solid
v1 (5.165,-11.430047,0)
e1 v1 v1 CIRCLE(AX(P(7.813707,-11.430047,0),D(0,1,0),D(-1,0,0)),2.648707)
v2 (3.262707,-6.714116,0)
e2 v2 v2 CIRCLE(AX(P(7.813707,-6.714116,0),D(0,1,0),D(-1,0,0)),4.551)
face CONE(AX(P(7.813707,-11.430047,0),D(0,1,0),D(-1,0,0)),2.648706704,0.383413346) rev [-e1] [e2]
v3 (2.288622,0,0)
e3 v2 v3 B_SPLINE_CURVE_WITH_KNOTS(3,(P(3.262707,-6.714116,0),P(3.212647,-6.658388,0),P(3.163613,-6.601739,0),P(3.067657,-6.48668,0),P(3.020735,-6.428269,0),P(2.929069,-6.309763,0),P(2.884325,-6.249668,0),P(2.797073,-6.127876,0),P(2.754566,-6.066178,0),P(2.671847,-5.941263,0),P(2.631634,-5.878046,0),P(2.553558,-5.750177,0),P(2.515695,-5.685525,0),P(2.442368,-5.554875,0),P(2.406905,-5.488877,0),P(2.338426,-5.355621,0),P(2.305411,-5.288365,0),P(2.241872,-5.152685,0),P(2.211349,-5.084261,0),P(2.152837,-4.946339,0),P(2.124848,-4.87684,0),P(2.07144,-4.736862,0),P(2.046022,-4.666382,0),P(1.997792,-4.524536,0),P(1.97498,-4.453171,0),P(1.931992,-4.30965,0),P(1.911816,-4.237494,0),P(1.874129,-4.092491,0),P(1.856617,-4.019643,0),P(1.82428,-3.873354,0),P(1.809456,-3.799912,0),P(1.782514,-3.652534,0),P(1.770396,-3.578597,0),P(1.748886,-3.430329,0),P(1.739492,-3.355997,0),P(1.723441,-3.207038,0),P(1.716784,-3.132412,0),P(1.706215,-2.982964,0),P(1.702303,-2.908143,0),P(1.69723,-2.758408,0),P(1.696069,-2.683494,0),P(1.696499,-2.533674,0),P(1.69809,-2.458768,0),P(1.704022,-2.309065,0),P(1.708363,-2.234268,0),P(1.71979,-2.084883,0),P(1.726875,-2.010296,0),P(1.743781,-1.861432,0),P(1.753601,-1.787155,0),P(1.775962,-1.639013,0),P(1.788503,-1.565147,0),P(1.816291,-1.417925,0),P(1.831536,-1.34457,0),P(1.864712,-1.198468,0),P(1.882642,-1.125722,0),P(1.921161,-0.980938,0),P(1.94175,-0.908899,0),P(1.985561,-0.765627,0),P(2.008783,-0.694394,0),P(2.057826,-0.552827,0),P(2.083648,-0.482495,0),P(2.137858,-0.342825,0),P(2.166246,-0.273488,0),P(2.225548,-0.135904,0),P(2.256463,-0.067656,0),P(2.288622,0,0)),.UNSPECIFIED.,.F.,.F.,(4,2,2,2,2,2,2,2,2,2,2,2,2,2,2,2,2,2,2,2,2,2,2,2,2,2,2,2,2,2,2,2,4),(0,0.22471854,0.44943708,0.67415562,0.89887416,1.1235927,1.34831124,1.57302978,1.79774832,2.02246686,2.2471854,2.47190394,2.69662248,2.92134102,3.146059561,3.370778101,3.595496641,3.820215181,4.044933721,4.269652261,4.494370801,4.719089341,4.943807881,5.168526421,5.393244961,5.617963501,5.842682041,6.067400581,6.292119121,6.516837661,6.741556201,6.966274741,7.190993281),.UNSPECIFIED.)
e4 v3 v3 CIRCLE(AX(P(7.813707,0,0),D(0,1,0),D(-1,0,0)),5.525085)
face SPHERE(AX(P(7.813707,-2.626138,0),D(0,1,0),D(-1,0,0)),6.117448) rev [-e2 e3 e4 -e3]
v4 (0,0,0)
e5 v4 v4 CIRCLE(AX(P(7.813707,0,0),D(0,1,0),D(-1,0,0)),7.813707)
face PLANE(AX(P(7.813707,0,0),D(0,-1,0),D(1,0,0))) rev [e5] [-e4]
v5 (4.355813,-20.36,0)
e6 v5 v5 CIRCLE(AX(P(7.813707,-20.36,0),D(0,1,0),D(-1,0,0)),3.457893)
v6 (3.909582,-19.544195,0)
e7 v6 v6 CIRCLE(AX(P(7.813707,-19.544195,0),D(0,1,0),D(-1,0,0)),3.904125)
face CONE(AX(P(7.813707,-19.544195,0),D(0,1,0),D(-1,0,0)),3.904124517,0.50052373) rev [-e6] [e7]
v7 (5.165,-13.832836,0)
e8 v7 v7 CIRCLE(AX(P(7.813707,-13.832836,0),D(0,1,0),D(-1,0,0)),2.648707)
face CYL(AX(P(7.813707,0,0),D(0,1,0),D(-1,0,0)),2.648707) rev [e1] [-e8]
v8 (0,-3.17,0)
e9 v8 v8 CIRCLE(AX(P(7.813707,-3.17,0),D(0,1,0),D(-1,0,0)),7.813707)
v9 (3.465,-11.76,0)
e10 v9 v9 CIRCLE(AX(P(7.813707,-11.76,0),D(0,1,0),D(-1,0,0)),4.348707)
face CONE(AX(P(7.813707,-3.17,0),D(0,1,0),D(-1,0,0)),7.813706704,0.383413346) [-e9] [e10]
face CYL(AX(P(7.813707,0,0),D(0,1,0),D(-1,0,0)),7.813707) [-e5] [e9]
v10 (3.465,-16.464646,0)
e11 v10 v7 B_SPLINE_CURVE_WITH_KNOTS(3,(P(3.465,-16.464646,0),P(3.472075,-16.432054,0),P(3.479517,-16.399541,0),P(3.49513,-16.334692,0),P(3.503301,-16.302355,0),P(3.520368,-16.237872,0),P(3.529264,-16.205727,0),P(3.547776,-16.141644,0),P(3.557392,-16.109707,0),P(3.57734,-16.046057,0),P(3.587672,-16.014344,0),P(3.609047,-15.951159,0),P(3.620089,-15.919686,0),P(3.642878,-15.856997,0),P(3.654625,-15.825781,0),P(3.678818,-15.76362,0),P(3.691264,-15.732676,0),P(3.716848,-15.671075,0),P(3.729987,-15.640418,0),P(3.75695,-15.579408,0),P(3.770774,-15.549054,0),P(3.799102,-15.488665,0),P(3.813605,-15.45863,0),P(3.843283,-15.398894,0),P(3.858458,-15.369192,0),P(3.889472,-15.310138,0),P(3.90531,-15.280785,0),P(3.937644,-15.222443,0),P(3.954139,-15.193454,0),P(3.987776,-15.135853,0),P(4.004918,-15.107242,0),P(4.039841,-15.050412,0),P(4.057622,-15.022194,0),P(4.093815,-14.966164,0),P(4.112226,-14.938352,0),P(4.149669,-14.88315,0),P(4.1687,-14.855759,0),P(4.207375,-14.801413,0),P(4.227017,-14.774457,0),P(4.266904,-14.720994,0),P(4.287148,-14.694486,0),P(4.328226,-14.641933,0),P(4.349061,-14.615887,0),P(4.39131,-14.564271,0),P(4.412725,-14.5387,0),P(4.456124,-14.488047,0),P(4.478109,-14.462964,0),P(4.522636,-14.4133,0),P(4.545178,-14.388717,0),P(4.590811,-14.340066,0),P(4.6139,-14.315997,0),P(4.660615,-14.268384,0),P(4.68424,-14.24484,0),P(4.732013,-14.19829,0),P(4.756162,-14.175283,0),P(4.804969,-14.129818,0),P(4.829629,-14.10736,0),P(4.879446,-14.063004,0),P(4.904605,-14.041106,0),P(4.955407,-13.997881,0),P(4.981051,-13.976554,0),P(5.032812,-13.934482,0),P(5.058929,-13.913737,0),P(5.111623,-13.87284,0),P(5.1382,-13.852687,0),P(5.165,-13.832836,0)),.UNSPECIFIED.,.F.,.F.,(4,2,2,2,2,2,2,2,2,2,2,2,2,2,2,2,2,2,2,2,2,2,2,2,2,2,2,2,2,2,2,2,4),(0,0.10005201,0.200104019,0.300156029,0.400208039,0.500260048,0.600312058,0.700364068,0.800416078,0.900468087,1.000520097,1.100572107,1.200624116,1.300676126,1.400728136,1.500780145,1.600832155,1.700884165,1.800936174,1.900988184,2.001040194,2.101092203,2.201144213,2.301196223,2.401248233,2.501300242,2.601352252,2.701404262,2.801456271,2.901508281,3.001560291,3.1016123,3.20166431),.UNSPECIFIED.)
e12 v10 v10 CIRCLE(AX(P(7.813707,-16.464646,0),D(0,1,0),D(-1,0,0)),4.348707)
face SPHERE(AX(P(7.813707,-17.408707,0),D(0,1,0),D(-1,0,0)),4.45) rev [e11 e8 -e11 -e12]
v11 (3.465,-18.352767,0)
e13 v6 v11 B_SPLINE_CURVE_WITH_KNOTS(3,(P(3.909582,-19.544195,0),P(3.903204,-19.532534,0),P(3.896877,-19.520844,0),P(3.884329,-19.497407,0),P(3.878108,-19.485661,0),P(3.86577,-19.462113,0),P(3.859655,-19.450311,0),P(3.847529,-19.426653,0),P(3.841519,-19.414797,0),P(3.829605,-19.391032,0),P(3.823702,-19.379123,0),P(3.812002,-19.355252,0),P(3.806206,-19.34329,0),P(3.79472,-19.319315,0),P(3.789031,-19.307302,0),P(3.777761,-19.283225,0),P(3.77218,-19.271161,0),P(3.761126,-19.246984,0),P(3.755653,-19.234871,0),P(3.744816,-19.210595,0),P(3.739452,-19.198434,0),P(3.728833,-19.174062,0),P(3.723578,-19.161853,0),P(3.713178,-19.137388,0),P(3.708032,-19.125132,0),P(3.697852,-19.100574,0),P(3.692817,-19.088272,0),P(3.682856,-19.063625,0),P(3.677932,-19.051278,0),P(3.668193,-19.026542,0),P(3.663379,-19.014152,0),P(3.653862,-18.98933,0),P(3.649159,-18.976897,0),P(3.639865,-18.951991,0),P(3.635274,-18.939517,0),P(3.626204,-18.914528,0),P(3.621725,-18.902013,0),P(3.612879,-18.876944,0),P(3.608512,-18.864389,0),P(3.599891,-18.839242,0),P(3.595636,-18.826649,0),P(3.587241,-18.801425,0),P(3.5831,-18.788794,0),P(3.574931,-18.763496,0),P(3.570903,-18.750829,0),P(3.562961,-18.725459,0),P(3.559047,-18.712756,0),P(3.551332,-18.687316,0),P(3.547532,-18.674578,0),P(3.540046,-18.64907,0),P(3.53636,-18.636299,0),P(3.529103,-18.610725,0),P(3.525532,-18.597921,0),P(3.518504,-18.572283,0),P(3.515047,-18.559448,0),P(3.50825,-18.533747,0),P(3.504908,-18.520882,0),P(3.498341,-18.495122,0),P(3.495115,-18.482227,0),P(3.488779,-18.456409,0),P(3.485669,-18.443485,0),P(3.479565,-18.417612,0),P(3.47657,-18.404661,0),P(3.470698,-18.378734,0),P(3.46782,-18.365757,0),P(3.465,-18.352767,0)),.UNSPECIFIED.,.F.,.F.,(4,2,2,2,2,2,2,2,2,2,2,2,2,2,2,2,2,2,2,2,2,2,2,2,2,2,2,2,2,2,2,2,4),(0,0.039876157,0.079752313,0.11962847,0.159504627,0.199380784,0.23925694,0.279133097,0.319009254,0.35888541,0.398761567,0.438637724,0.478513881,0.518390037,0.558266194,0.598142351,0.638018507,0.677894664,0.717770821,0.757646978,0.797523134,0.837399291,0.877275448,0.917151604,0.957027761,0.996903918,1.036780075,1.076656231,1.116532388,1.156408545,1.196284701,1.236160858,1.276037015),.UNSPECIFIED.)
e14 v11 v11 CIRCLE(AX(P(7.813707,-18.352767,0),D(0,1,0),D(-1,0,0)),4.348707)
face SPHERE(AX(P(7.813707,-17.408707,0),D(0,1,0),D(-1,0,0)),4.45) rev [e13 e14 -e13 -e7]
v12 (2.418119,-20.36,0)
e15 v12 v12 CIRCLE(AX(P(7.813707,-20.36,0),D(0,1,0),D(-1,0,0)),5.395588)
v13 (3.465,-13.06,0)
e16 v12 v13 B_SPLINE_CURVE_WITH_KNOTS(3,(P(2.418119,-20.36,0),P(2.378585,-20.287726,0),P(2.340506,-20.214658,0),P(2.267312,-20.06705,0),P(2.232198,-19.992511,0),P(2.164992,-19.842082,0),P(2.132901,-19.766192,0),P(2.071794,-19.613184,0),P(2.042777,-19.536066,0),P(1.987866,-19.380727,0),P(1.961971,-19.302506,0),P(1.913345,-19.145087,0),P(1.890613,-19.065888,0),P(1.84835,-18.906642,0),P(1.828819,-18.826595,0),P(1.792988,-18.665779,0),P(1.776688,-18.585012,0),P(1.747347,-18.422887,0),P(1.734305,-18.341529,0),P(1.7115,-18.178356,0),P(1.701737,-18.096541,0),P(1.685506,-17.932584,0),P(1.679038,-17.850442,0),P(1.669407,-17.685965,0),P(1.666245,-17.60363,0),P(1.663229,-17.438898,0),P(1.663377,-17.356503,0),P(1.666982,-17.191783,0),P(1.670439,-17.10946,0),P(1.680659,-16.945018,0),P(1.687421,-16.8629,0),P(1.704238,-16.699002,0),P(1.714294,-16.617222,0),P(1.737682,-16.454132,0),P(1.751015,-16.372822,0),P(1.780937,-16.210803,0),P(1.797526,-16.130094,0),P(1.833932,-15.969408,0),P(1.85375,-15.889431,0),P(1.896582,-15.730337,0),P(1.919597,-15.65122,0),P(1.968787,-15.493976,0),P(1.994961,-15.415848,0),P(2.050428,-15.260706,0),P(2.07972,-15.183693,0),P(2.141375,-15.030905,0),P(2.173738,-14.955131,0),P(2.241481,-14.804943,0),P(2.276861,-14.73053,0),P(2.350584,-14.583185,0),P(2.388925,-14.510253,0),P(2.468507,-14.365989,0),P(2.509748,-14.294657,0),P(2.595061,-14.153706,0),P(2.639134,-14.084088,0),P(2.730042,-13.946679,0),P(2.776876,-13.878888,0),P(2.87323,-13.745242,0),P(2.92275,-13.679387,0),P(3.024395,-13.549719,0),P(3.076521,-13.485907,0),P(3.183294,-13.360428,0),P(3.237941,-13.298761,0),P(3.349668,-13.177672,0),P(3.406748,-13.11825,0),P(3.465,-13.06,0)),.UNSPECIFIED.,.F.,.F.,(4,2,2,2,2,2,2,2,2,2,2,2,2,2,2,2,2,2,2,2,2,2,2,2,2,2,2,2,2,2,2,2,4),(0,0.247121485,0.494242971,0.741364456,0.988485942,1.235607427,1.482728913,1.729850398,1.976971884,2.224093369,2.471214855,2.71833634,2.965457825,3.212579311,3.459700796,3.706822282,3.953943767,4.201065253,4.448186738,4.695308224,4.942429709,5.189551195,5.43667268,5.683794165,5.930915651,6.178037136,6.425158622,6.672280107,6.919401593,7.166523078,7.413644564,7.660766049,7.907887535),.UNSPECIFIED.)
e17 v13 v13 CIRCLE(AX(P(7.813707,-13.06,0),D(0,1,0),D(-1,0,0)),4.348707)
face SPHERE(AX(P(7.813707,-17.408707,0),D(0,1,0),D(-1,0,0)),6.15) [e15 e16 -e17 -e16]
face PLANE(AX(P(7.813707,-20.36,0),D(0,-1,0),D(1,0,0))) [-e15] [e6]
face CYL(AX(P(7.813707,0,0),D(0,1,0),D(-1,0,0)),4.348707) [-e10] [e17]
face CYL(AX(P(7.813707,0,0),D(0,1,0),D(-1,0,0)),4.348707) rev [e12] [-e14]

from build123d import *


with BuildPart() as part:
    # Croquis1 → Revolución1 (revolve)
    with BuildSketch(Plane.XY):
        with BuildLine():
            Line((2.288621504, 0), (0, 0))
            Line((0, 0), (0, -3.17))
            Line((0, -3.17), (3.465, -11.76))
            Line((3.465, -11.76), (5.165, -11.76))
            Line((5.165, -11.76), (5.165, -11.43004663))
            Line((5.165, -11.43004663), (3.2627067, -6.714116055))
            ThreePointArc((3.2627067, -6.714116055), (2.140427602, -4.914602613), (1.7, -2.84004663))
            ThreePointArc((1.7, -2.84004663), (1.823561842, -1.38463429), (2.288621504, 0))
        make_face()
        with BuildLine():
            Line((5.165, -11.76), (3.465, -11.76))
            Line((3.465, -11.76), (3.465, -13.06))
            Line((3.465, -13.06), (4.667081528, -14.262081528))
            ThreePointArc((4.667081528, -14.262081528), (4.908103346, -14.038251376), (5.165, -13.83283579))
            Line((5.165, -13.83283579), (5.165, -11.76))
        make_face()
        with BuildLine():
            Line((4.667081528, -14.262081528), (3.465, -13.06))
            Line((3.465, -13.06), (3.465, -16.464646325))
            ThreePointArc((3.465, -16.464646325), (3.907580372, -15.276881881), (4.667081528, -14.262081528))
        make_face()
        with BuildLine():
            Line((3.465, -16.464646325), (3.465, -13.06))
            ThreePointArc((3.465, -13.06), (1.725988008, -16.53567688), (2.418118888, -20.36))
            Line((2.418118888, -20.36), (3.465, -20.36))
            Line((3.465, -20.36), (3.465, -18.352767084))
            ThreePointArc((3.465, -18.352767084), (3.363706704, -17.408706704), (3.465, -16.464646325))
        make_face()
        with BuildLine():
            Line((3.465, -18.352767084), (3.465, -16.464646325))
            ThreePointArc((3.465, -16.464646325), (3.363706704, -17.408706704), (3.465, -18.352767084))
        make_face()
        with BuildLine():
            ThreePointArc((3.909582187, -19.544195349), (3.644512403, -18.964444111), (3.465, -18.352767084))
            Line((3.465, -18.352767084), (3.465, -20.36))
            Line((3.465, -20.36), (4.355813233, -20.36))
            Line((4.355813233, -20.36), (3.909582187, -19.544195349))
        make_face()
    revolve(axis=Axis((7.813706704, 0, 0), (0, -1, 0)))


solid = part.part
